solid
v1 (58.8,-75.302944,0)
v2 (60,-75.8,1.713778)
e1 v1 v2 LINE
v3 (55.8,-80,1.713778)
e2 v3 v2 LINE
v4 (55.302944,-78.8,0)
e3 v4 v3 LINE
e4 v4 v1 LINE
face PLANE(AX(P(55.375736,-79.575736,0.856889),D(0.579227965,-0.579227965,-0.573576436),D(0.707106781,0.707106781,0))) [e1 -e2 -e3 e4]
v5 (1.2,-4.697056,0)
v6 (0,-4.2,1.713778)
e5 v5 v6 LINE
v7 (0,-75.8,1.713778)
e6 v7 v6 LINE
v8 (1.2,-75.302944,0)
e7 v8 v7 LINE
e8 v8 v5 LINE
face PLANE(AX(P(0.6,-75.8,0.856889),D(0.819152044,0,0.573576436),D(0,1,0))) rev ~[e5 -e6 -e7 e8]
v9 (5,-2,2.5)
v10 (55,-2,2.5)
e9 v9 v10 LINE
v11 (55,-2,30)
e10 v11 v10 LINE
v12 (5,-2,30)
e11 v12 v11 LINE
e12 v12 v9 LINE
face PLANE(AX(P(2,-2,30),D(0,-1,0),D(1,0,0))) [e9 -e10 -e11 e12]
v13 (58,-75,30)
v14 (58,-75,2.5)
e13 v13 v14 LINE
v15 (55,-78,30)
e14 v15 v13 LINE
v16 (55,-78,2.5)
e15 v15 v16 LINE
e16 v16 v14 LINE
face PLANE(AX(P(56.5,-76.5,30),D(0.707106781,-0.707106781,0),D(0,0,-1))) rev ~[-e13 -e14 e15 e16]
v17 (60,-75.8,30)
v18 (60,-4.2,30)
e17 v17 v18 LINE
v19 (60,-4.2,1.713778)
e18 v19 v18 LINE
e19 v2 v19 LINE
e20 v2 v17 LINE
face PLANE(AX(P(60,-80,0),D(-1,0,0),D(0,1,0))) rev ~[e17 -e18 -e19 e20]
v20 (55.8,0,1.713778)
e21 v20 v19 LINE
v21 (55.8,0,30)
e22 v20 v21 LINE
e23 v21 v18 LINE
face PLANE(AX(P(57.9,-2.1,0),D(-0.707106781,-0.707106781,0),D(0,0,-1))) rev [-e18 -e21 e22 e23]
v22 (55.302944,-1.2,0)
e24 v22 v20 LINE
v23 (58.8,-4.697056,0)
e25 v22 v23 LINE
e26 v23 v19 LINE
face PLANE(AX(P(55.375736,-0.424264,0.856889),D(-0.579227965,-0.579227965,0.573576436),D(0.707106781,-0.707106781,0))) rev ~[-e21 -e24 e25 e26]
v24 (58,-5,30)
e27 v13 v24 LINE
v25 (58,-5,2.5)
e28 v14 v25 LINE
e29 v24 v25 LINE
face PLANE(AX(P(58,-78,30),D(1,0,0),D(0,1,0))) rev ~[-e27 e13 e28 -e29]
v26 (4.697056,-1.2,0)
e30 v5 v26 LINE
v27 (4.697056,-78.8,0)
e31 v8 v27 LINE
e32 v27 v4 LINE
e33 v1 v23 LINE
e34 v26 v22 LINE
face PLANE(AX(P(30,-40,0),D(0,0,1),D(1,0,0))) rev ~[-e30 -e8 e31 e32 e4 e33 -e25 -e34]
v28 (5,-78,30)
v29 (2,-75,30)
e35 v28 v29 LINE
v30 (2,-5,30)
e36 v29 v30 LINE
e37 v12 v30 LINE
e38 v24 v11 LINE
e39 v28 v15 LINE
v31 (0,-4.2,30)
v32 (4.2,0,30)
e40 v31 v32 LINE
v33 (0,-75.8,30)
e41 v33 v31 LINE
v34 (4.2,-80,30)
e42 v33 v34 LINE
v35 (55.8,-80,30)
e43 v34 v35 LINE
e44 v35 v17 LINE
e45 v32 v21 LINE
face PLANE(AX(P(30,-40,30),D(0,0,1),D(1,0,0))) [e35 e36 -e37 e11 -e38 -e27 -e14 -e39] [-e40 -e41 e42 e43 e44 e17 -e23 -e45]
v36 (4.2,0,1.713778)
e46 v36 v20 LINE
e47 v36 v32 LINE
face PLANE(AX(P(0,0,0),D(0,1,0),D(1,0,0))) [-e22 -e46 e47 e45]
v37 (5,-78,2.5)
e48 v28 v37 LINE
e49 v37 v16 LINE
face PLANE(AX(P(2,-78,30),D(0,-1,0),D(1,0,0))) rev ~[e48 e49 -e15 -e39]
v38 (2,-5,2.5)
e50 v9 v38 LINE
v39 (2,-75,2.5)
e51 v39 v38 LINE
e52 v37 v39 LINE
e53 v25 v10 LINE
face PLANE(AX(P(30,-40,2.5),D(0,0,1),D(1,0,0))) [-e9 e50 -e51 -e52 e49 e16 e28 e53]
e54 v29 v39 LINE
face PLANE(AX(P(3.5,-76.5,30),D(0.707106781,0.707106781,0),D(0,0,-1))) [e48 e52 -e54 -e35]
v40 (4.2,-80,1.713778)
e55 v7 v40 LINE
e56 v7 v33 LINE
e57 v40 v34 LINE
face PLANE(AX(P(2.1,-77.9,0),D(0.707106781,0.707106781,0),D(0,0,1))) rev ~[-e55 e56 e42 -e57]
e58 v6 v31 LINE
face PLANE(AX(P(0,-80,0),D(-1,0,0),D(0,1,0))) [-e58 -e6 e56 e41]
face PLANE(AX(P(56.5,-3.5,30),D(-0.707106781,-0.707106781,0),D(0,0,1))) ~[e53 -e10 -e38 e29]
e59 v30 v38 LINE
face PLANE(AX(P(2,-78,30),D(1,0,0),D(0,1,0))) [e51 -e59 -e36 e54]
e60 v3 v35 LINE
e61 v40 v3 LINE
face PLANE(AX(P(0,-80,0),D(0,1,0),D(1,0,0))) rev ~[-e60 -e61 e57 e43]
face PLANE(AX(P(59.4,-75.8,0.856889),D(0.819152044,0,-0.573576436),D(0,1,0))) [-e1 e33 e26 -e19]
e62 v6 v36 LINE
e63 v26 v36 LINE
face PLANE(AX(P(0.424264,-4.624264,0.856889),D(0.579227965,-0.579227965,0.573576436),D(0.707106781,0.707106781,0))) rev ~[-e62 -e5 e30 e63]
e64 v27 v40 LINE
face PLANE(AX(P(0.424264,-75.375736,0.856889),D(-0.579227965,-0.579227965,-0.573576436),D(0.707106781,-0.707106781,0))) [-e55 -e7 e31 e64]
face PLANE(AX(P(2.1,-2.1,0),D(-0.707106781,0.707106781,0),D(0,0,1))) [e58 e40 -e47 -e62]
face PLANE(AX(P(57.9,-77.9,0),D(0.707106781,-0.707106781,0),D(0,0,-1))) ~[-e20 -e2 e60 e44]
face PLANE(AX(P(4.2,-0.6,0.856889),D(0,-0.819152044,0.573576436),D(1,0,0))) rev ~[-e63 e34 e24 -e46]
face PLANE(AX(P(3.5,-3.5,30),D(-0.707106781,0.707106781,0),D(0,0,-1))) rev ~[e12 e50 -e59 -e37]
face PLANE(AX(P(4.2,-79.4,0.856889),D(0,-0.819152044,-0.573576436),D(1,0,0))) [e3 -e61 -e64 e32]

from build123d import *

# Parameters (mm, degrees)
F0_W     = 60
F0_H     = 80
F1_DEPTH = 30
F2_W     = 56
F2_H     = 76
F3_DEPTH = 27.5
F4_SIZE  = 3
F5_SIZE  = 4.2
F6_SIZE2 = 1.7137776081
F6_SIZE  = 1.2


with BuildPart() as f1:
    # F0 (on Top) → F1 (new body)
    with BuildSketch(Plane.XY):
        with Locations((30, -40)):
            Rectangle(F0_W, F0_H)
    extrude(amount=F1_DEPTH)

    # F2 (on face) → F3 (cut, through all)
    with BuildSketch(Plane.XY.offset(30)):
        with Locations((30, -40)):
            Rectangle(F2_W, F2_H)
    extrude(amount=-F3_DEPTH, mode=Mode.SUBTRACT)

    # F4
    f4_edges = [f1.edges().sort_by_distance(p)[0] for p in [
        (58, -2, 16.25),
        (2, -2, 16.25),
        (58, -78, 16.25),
        (2, -78, 16.25),
    ]]
    chamfer(f4_edges, length=F4_SIZE)

    # F5
    f5_edges = [f1.edges().sort_by_distance(p)[0] for p in [
        (0, 0, 15),
        (60, 0, 15),
        (60, -80, 15),
        (0, -80, 15),
    ]]
    chamfer(f5_edges, length=F5_SIZE)

    # F6
    f6_edges = [f1.edges().sort_by_distance(p)[0] for p in [
        (30, 0, 0),
        (57.9, -2.1, 0),
        (2.1, -2.1, 0),
        (60, -40, 0),
        (0, -40, 0),
        (57.9, -77.9, 0),
        (2.1, -77.9, 0),
        (30, -80, 0),
    ]]
    f6_side = f1.faces().sort_by_distance((30, -40, 0))[0]
    chamfer(f6_edges, length=F6_SIZE, length2=F6_SIZE2, reference=f6_side)


solid = f1.part
